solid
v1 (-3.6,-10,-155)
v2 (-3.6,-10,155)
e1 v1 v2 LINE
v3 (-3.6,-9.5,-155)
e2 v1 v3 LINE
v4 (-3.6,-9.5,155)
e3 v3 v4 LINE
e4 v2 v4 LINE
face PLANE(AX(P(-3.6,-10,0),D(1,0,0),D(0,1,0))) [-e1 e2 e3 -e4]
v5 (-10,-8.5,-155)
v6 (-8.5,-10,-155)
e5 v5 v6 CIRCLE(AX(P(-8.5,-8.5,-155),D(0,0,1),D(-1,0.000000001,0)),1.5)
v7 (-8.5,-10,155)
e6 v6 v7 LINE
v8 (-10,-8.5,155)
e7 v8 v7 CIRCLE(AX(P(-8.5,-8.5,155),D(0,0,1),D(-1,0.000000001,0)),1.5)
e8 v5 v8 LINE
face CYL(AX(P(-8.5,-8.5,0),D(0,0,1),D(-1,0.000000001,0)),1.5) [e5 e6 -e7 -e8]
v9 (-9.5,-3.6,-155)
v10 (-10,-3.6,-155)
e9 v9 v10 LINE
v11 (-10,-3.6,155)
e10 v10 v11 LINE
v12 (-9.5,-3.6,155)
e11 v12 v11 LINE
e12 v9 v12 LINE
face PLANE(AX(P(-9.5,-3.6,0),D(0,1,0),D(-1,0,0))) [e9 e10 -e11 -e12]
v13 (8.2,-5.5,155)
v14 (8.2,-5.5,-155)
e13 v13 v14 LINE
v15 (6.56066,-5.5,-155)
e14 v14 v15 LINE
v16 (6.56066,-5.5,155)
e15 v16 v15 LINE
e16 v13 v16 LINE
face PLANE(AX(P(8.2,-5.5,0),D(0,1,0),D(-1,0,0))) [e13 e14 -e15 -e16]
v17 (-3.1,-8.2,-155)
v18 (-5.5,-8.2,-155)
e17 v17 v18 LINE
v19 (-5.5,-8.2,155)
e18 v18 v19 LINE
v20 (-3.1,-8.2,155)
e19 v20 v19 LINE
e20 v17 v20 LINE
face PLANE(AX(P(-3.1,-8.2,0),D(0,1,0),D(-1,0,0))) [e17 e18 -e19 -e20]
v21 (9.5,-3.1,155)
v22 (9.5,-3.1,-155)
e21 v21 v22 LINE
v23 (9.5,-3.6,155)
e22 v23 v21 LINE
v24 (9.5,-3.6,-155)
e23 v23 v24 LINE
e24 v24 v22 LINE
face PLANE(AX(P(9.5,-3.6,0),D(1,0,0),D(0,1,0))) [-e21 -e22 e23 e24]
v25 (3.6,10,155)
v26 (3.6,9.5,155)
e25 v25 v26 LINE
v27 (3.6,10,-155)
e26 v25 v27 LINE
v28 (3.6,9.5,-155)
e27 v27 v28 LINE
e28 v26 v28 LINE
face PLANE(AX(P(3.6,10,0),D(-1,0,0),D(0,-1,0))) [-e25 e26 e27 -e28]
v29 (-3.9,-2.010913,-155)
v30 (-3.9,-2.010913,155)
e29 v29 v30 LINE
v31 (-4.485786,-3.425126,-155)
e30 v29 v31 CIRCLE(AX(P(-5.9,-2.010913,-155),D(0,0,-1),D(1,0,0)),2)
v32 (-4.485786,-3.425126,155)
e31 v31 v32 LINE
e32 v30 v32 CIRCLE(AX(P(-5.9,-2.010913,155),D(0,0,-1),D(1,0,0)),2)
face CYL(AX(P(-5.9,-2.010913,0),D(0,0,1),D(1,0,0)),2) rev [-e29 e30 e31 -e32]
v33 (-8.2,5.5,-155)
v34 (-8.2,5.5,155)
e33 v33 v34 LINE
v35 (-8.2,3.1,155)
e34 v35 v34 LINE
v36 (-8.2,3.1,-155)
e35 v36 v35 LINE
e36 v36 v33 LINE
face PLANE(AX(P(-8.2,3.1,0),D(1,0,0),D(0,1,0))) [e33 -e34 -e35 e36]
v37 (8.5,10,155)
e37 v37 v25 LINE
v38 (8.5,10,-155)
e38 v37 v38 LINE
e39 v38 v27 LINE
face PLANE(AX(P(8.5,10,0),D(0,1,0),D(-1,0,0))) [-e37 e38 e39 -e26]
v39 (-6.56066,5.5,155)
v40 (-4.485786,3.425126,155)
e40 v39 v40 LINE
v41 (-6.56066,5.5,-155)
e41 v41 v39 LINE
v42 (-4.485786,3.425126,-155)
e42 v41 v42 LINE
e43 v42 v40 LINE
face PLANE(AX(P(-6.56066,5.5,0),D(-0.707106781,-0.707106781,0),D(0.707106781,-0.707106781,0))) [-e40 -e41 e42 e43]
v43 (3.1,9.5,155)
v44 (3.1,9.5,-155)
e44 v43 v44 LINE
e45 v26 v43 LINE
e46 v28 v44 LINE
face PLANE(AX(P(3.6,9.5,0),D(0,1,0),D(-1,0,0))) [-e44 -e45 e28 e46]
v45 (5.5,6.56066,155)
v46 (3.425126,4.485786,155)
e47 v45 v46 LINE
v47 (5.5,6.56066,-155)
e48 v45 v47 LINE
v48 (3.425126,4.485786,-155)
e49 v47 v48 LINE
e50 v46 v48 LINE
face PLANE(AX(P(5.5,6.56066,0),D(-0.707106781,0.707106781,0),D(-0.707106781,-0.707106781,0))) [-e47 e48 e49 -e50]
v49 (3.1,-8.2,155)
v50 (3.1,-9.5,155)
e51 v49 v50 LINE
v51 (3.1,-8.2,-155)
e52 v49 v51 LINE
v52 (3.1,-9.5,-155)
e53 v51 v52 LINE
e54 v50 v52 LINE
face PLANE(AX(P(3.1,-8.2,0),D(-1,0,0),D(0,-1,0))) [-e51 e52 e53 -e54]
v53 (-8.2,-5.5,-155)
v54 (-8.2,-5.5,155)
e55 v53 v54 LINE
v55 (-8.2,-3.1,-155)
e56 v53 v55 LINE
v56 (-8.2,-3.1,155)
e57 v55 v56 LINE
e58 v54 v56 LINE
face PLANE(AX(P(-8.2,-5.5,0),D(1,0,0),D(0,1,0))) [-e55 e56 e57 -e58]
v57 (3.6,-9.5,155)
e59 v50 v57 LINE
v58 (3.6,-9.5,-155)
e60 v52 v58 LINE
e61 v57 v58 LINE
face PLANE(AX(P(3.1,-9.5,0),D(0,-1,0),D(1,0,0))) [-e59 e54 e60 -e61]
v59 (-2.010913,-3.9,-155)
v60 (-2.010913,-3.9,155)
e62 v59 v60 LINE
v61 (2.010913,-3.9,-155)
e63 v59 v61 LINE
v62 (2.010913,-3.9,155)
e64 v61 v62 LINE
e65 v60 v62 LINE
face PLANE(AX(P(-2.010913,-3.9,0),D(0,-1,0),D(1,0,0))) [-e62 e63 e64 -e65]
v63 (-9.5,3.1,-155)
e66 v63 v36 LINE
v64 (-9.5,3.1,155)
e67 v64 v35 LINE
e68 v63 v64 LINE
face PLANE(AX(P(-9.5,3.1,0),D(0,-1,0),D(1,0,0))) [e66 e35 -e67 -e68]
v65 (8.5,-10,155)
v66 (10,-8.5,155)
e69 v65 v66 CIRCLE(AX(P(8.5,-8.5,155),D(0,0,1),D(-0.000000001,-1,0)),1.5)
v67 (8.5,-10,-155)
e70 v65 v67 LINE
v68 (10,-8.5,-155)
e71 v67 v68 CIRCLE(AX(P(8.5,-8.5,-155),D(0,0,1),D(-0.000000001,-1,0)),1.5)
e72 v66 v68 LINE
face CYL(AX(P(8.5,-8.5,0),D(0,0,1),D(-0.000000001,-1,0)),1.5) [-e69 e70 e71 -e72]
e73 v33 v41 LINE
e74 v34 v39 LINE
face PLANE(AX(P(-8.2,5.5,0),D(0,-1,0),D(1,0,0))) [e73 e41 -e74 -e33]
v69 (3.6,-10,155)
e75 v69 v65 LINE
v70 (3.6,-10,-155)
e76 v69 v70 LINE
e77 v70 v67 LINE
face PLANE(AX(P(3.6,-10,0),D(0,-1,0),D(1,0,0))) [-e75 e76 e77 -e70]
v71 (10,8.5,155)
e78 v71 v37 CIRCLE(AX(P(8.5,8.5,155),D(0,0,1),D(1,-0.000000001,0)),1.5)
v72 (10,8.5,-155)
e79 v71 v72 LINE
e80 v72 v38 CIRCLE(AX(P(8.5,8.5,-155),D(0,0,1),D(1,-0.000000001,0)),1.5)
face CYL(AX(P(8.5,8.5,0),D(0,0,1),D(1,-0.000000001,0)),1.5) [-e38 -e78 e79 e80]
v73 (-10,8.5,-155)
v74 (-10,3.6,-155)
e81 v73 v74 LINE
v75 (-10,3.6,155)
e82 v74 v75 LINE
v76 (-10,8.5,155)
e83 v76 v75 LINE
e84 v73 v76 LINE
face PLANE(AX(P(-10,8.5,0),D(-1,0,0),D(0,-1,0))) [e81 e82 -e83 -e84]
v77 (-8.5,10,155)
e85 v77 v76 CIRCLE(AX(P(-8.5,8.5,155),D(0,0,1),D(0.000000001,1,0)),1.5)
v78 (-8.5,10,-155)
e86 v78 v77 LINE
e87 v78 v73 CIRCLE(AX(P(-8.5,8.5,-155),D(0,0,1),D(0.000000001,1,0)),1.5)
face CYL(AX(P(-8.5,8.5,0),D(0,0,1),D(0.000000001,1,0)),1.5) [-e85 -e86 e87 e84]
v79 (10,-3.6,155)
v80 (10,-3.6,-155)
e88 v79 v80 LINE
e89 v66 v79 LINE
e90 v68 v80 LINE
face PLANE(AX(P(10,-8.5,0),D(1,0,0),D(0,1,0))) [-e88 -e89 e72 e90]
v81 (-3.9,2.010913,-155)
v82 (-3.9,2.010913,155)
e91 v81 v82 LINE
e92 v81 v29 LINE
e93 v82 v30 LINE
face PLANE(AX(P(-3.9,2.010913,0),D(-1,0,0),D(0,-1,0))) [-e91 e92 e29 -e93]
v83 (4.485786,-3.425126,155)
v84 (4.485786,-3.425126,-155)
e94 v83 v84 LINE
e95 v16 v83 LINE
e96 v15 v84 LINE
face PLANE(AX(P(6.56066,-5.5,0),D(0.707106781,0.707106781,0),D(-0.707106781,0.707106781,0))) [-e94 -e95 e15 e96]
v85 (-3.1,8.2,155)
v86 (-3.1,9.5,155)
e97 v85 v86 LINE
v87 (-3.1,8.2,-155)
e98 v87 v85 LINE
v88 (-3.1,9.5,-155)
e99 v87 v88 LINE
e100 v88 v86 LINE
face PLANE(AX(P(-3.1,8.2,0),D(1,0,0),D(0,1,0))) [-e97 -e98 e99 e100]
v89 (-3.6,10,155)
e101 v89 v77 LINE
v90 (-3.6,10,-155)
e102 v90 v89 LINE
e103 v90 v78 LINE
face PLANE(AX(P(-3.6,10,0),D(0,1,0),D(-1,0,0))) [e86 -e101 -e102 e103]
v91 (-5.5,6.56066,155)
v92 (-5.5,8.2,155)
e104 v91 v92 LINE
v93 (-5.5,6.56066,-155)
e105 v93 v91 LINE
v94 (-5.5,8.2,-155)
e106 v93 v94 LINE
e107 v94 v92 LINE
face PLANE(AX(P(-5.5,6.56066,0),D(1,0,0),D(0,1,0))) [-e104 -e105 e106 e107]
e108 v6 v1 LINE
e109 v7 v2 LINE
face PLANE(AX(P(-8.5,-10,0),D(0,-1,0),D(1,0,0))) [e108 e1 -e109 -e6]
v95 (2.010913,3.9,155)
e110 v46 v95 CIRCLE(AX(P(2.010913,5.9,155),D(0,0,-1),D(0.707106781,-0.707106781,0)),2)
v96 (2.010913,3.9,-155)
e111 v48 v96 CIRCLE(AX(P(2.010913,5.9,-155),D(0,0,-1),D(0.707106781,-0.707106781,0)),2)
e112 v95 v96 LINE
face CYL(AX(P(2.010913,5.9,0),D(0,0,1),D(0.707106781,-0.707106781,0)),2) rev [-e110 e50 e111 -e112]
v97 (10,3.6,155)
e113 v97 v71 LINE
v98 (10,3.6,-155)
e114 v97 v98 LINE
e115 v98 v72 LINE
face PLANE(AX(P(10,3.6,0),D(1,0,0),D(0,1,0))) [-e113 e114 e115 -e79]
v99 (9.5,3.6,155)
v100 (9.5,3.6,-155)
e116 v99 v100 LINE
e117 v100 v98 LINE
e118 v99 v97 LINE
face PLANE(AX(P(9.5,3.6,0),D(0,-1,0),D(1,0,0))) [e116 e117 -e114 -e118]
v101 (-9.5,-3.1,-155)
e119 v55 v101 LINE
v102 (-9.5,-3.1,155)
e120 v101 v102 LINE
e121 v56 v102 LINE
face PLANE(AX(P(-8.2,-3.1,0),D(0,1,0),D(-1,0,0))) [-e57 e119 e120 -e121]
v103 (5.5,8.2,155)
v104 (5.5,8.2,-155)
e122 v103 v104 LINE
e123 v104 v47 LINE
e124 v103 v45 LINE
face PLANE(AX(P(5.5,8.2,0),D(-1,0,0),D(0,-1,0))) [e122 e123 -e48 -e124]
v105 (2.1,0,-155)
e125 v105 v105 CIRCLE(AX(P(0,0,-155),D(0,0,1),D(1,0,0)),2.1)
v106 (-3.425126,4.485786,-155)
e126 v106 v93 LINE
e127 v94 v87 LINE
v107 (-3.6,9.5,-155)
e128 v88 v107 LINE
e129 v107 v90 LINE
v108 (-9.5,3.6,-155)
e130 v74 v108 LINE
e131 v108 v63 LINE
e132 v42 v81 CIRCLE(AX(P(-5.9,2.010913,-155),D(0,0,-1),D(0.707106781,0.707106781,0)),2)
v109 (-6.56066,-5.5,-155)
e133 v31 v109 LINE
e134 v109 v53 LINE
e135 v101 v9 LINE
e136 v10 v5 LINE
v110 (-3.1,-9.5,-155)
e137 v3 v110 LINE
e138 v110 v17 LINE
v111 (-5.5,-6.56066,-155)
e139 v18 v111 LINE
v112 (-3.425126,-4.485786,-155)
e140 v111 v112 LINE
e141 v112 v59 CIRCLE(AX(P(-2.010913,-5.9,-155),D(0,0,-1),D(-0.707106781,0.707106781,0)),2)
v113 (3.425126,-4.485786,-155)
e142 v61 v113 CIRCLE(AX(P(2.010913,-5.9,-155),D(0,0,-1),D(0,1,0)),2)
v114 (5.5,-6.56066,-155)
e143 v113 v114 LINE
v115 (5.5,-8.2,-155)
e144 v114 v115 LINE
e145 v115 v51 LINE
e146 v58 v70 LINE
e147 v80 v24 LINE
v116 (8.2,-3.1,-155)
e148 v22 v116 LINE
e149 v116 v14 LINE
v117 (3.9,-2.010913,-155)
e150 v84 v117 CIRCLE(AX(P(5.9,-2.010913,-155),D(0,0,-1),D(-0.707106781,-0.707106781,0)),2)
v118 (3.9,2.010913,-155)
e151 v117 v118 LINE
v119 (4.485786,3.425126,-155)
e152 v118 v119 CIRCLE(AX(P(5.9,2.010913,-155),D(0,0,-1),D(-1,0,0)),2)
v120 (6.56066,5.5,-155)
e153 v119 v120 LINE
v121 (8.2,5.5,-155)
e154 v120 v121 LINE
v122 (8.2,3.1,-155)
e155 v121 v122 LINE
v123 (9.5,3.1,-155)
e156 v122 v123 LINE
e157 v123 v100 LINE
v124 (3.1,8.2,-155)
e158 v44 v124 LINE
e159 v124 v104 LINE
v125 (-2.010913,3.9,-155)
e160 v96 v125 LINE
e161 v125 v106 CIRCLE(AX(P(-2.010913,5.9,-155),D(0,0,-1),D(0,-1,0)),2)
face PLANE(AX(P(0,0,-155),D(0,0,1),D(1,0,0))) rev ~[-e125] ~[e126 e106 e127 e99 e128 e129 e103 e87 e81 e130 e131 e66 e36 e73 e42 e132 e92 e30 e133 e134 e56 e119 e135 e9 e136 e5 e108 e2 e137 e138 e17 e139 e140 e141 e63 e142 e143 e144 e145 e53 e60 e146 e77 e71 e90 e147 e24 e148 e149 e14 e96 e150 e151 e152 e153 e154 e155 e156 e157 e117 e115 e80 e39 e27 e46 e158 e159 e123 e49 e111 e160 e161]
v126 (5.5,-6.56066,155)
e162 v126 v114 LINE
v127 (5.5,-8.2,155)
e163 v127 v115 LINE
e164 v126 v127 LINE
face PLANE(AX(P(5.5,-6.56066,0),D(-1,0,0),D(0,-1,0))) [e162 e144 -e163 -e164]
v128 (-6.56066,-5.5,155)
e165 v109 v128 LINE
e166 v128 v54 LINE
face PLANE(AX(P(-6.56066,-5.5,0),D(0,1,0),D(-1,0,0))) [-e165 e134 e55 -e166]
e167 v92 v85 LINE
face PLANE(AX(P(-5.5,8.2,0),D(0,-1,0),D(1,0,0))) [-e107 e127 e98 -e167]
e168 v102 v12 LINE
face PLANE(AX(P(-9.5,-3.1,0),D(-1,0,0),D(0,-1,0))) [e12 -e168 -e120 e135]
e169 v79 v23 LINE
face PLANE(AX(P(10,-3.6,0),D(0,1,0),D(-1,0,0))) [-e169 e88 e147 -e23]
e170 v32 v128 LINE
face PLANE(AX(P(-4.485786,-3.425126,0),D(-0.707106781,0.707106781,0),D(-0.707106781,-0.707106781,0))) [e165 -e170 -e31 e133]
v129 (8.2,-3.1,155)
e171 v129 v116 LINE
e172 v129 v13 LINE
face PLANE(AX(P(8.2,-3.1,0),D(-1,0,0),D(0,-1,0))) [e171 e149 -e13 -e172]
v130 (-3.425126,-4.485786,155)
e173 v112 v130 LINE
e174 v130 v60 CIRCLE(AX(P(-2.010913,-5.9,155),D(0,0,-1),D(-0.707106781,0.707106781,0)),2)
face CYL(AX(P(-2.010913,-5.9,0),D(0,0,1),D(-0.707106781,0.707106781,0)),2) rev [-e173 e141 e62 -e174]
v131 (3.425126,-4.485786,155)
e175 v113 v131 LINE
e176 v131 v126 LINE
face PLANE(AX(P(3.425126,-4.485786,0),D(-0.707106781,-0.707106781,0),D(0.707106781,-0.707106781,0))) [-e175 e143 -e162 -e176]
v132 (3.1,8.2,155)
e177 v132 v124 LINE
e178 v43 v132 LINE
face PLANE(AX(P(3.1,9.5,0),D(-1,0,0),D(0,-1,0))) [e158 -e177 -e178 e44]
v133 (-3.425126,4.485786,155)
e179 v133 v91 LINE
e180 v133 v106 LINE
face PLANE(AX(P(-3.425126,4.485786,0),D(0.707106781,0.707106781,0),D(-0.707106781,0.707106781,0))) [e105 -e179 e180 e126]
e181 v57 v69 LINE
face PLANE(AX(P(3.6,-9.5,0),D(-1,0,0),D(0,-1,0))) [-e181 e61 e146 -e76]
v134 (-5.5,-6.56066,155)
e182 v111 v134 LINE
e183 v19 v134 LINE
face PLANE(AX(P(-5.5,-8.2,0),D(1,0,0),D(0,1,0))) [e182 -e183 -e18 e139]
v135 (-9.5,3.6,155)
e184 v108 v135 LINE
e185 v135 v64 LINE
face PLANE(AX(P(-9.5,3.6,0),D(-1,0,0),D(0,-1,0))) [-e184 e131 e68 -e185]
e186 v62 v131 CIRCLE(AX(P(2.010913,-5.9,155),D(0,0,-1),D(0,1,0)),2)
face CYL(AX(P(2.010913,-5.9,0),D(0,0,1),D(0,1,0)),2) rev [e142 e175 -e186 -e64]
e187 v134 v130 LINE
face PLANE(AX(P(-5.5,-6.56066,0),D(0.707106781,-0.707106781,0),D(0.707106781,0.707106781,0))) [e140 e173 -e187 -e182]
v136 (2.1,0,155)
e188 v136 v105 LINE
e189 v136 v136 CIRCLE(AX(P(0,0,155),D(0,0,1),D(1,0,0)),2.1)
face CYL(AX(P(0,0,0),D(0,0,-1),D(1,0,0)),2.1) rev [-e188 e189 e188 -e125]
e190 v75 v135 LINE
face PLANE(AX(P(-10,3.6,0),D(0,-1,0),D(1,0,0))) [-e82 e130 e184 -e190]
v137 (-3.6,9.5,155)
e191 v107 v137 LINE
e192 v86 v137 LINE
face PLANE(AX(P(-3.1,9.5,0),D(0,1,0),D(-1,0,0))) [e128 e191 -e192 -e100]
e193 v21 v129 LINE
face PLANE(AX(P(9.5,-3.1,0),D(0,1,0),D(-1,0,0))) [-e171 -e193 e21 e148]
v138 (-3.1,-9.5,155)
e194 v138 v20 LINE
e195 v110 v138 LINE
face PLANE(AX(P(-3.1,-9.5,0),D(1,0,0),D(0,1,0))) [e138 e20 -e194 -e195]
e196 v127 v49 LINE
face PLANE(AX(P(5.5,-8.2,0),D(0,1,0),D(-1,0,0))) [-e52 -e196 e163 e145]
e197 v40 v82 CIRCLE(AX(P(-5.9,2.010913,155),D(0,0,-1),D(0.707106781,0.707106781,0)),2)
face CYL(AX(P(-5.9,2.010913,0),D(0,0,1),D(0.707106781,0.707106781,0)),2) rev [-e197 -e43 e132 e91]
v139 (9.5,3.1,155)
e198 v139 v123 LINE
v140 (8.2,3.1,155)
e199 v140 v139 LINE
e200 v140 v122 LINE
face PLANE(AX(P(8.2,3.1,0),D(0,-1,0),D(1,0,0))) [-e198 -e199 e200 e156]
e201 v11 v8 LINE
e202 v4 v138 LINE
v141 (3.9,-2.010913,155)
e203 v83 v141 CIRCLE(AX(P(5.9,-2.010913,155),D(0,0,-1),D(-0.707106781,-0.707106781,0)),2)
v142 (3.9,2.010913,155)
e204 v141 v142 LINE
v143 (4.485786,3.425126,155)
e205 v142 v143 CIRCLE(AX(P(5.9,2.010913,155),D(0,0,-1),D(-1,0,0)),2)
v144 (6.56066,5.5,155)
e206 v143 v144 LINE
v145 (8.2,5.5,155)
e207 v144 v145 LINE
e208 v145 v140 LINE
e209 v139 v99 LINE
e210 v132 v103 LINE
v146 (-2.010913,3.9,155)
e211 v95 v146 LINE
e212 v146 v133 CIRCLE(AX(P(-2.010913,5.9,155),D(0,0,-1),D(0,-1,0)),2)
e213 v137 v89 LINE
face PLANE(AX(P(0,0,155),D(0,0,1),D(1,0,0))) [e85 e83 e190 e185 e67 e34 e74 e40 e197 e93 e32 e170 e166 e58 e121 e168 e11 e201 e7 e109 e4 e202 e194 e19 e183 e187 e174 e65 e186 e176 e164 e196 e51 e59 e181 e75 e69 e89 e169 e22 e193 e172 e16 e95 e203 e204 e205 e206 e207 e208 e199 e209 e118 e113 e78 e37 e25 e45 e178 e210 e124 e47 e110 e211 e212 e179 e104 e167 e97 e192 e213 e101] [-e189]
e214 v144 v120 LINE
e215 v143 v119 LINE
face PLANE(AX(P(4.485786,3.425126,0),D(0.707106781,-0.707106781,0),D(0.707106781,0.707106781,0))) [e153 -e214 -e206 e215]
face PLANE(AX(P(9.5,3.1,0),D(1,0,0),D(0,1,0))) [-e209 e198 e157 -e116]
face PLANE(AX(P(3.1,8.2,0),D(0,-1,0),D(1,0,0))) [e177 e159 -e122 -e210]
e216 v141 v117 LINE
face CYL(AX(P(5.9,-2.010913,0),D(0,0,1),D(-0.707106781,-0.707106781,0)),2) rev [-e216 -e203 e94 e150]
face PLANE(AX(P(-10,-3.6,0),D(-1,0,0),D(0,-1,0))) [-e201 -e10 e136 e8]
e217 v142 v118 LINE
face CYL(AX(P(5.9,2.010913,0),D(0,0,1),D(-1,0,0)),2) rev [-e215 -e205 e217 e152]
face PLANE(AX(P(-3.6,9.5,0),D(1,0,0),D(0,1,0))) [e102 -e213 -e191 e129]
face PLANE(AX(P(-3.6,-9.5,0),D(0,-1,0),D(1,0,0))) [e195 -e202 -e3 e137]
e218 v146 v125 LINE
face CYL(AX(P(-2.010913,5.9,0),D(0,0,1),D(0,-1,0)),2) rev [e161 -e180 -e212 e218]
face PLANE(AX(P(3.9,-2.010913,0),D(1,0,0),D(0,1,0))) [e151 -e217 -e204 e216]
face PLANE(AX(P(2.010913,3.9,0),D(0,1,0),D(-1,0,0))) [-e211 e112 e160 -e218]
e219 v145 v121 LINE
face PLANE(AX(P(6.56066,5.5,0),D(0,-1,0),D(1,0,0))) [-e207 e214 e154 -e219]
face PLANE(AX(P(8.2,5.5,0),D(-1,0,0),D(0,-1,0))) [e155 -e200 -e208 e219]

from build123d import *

# Parameters (mm, degrees)
SKETCH_1_R      = 2.1
EXTRUDE_1_DEPTH = 155


with BuildPart() as part:
    # 草图1 → 凸台-拉伸1 (new body, symmetric)
    with BuildSketch(Plane.XY):
        with BuildLine():
            Line((-3.425126266, 4.485786438), (-5.5, 6.560660172))
            Line((-5.5, 6.560660172), (-5.5, 8.2))
            Line((-5.5, 8.2), (-3.1, 8.2))
            Line((-3.1, 8.2), (-3.1, 9.5))
            Line((-3.1, 9.5), (-3.6, 9.5))
            Line((-3.6, 9.5), (-3.6, 10))
            Line((-3.6, 10), (-8.5, 10))
            ThreePointArc((-8.5, 10), (-9.560660172, 9.560660172), (-10, 8.5))
            Line((-10, 8.5), (-10, 3.6))
            Line((-10, 3.6), (-9.5, 3.6))
            Line((-9.5, 3.6), (-9.5, 3.1))
            Line((-9.5, 3.1), (-8.2, 3.1))
            Line((-8.2, 3.1), (-8.2, 5.5))
            Line((-8.2, 5.5), (-6.560660172, 5.5))
            Line((-6.560660172, 5.5), (-4.485786438, 3.425126266))
            ThreePointArc((-4.485786438, 3.425126266), (-4.052240935, 2.776279568), (-3.9, 2.010912703))
            Line((-3.9, 2.010912703), (-3.9, -2.010912703))
            ThreePointArc((-3.9, -2.010912703), (-4.052240935, -2.776279568), (-4.485786438, -3.425126266))
            Line((-4.485786438, -3.425126266), (-6.560660172, -5.5))
            Line((-6.560660172, -5.5), (-8.2, -5.5))
            Line((-8.2, -5.5), (-8.2, -3.1))
            Line((-8.2, -3.1), (-9.5, -3.1))
            Line((-9.5, -3.1), (-9.5, -3.6))
            Line((-9.5, -3.6), (-10, -3.6))
            Line((-10, -3.6), (-10, -8.5))
            ThreePointArc((-10, -8.5), (-9.560660172, -9.560660172), (-8.5, -10))
            Line((-8.5, -10), (-3.6, -10))
            Line((-3.6, -10), (-3.6, -9.5))
            Line((-3.6, -9.5), (-3.1, -9.5))
            Line((-3.1, -9.5), (-3.1, -8.2))
            Line((-3.1, -8.2), (-5.5, -8.2))
            Line((-5.5, -8.2), (-5.5, -6.560660172))
            Line((-5.5, -6.560660172), (-3.425126266, -4.485786438))
            ThreePointArc((-3.425126266, -4.485786438), (-2.776279568, -4.052240935), (-2.010912703, -3.9))
            Line((-2.010912703, -3.9), (2.010912703, -3.9))
            ThreePointArc((2.010912703, -3.9), (2.776279568, -4.052240935), (3.425126266, -4.485786438))
            Line((3.425126266, -4.485786438), (5.5, -6.560660172))
            Line((5.5, -6.560660172), (5.5, -8.2))
            Line((5.5, -8.2), (3.1, -8.2))
            Line((3.1, -8.2), (3.1, -9.5))
            Line((3.1, -9.5), (3.6, -9.5))
            Line((3.6, -9.5), (3.6, -10))
            Line((3.6, -10), (8.5, -10))
            ThreePointArc((8.5, -10), (9.560660172, -9.560660172), (10, -8.5))
            Line((10, -8.5), (10, -3.6))
            Line((10, -3.6), (9.5, -3.6))
            Line((9.5, -3.6), (9.5, -3.1))
            Line((9.5, -3.1), (8.2, -3.1))
            Line((8.2, -3.1), (8.2, -5.5))
            Line((8.2, -5.5), (6.560660172, -5.5))
            Line((6.560660172, -5.5), (4.485786438, -3.425126266))
            ThreePointArc((4.485786438, -3.425126266), (4.052240935, -2.776279568), (3.9, -2.010912703))
            Line((3.9, -2.010912703), (3.9, 2.010912703))
            ThreePointArc((3.9, 2.010912703), (4.052240935, 2.776279568), (4.485786438, 3.425126266))
            Line((4.485786438, 3.425126266), (6.560660172, 5.5))
            Line((6.560660172, 5.5), (8.2, 5.5))
            Line((8.2, 5.5), (8.2, 3.1))
            Line((8.2, 3.1), (9.5, 3.1))
            Line((9.5, 3.1), (9.5, 3.6))
            Line((9.5, 3.6), (10, 3.6))
            Line((10, 3.6), (10, 8.5))
            ThreePointArc((10, 8.5), (9.560660172, 9.560660172), (8.5, 10))
            Line((8.5, 10), (3.6, 10))
            Line((3.6, 10), (3.6, 9.5))
            Line((3.6, 9.5), (3.1, 9.5))
            Line((3.1, 9.5), (3.1, 8.2))
            Line((3.1, 8.2), (5.5, 8.2))
            Line((5.5, 8.2), (5.5, 6.560660172))
            Line((5.5, 6.560660172), (3.425126266, 4.485786438))
            ThreePointArc((3.425126266, 4.485786438), (2.776279568, 4.052240935), (2.010912703, 3.9))
            Line((2.010912703, 3.9), (-2.010912703, 3.9))
            ThreePointArc((-2.010912703, 3.9), (-2.776279568, 4.052240935), (-3.425126266, 4.485786438))
        make_face()
        Circle(SKETCH_1_R, mode=Mode.SUBTRACT)
    extrude(amount=EXTRUDE_1_DEPTH, both=True)


solid = part.part
